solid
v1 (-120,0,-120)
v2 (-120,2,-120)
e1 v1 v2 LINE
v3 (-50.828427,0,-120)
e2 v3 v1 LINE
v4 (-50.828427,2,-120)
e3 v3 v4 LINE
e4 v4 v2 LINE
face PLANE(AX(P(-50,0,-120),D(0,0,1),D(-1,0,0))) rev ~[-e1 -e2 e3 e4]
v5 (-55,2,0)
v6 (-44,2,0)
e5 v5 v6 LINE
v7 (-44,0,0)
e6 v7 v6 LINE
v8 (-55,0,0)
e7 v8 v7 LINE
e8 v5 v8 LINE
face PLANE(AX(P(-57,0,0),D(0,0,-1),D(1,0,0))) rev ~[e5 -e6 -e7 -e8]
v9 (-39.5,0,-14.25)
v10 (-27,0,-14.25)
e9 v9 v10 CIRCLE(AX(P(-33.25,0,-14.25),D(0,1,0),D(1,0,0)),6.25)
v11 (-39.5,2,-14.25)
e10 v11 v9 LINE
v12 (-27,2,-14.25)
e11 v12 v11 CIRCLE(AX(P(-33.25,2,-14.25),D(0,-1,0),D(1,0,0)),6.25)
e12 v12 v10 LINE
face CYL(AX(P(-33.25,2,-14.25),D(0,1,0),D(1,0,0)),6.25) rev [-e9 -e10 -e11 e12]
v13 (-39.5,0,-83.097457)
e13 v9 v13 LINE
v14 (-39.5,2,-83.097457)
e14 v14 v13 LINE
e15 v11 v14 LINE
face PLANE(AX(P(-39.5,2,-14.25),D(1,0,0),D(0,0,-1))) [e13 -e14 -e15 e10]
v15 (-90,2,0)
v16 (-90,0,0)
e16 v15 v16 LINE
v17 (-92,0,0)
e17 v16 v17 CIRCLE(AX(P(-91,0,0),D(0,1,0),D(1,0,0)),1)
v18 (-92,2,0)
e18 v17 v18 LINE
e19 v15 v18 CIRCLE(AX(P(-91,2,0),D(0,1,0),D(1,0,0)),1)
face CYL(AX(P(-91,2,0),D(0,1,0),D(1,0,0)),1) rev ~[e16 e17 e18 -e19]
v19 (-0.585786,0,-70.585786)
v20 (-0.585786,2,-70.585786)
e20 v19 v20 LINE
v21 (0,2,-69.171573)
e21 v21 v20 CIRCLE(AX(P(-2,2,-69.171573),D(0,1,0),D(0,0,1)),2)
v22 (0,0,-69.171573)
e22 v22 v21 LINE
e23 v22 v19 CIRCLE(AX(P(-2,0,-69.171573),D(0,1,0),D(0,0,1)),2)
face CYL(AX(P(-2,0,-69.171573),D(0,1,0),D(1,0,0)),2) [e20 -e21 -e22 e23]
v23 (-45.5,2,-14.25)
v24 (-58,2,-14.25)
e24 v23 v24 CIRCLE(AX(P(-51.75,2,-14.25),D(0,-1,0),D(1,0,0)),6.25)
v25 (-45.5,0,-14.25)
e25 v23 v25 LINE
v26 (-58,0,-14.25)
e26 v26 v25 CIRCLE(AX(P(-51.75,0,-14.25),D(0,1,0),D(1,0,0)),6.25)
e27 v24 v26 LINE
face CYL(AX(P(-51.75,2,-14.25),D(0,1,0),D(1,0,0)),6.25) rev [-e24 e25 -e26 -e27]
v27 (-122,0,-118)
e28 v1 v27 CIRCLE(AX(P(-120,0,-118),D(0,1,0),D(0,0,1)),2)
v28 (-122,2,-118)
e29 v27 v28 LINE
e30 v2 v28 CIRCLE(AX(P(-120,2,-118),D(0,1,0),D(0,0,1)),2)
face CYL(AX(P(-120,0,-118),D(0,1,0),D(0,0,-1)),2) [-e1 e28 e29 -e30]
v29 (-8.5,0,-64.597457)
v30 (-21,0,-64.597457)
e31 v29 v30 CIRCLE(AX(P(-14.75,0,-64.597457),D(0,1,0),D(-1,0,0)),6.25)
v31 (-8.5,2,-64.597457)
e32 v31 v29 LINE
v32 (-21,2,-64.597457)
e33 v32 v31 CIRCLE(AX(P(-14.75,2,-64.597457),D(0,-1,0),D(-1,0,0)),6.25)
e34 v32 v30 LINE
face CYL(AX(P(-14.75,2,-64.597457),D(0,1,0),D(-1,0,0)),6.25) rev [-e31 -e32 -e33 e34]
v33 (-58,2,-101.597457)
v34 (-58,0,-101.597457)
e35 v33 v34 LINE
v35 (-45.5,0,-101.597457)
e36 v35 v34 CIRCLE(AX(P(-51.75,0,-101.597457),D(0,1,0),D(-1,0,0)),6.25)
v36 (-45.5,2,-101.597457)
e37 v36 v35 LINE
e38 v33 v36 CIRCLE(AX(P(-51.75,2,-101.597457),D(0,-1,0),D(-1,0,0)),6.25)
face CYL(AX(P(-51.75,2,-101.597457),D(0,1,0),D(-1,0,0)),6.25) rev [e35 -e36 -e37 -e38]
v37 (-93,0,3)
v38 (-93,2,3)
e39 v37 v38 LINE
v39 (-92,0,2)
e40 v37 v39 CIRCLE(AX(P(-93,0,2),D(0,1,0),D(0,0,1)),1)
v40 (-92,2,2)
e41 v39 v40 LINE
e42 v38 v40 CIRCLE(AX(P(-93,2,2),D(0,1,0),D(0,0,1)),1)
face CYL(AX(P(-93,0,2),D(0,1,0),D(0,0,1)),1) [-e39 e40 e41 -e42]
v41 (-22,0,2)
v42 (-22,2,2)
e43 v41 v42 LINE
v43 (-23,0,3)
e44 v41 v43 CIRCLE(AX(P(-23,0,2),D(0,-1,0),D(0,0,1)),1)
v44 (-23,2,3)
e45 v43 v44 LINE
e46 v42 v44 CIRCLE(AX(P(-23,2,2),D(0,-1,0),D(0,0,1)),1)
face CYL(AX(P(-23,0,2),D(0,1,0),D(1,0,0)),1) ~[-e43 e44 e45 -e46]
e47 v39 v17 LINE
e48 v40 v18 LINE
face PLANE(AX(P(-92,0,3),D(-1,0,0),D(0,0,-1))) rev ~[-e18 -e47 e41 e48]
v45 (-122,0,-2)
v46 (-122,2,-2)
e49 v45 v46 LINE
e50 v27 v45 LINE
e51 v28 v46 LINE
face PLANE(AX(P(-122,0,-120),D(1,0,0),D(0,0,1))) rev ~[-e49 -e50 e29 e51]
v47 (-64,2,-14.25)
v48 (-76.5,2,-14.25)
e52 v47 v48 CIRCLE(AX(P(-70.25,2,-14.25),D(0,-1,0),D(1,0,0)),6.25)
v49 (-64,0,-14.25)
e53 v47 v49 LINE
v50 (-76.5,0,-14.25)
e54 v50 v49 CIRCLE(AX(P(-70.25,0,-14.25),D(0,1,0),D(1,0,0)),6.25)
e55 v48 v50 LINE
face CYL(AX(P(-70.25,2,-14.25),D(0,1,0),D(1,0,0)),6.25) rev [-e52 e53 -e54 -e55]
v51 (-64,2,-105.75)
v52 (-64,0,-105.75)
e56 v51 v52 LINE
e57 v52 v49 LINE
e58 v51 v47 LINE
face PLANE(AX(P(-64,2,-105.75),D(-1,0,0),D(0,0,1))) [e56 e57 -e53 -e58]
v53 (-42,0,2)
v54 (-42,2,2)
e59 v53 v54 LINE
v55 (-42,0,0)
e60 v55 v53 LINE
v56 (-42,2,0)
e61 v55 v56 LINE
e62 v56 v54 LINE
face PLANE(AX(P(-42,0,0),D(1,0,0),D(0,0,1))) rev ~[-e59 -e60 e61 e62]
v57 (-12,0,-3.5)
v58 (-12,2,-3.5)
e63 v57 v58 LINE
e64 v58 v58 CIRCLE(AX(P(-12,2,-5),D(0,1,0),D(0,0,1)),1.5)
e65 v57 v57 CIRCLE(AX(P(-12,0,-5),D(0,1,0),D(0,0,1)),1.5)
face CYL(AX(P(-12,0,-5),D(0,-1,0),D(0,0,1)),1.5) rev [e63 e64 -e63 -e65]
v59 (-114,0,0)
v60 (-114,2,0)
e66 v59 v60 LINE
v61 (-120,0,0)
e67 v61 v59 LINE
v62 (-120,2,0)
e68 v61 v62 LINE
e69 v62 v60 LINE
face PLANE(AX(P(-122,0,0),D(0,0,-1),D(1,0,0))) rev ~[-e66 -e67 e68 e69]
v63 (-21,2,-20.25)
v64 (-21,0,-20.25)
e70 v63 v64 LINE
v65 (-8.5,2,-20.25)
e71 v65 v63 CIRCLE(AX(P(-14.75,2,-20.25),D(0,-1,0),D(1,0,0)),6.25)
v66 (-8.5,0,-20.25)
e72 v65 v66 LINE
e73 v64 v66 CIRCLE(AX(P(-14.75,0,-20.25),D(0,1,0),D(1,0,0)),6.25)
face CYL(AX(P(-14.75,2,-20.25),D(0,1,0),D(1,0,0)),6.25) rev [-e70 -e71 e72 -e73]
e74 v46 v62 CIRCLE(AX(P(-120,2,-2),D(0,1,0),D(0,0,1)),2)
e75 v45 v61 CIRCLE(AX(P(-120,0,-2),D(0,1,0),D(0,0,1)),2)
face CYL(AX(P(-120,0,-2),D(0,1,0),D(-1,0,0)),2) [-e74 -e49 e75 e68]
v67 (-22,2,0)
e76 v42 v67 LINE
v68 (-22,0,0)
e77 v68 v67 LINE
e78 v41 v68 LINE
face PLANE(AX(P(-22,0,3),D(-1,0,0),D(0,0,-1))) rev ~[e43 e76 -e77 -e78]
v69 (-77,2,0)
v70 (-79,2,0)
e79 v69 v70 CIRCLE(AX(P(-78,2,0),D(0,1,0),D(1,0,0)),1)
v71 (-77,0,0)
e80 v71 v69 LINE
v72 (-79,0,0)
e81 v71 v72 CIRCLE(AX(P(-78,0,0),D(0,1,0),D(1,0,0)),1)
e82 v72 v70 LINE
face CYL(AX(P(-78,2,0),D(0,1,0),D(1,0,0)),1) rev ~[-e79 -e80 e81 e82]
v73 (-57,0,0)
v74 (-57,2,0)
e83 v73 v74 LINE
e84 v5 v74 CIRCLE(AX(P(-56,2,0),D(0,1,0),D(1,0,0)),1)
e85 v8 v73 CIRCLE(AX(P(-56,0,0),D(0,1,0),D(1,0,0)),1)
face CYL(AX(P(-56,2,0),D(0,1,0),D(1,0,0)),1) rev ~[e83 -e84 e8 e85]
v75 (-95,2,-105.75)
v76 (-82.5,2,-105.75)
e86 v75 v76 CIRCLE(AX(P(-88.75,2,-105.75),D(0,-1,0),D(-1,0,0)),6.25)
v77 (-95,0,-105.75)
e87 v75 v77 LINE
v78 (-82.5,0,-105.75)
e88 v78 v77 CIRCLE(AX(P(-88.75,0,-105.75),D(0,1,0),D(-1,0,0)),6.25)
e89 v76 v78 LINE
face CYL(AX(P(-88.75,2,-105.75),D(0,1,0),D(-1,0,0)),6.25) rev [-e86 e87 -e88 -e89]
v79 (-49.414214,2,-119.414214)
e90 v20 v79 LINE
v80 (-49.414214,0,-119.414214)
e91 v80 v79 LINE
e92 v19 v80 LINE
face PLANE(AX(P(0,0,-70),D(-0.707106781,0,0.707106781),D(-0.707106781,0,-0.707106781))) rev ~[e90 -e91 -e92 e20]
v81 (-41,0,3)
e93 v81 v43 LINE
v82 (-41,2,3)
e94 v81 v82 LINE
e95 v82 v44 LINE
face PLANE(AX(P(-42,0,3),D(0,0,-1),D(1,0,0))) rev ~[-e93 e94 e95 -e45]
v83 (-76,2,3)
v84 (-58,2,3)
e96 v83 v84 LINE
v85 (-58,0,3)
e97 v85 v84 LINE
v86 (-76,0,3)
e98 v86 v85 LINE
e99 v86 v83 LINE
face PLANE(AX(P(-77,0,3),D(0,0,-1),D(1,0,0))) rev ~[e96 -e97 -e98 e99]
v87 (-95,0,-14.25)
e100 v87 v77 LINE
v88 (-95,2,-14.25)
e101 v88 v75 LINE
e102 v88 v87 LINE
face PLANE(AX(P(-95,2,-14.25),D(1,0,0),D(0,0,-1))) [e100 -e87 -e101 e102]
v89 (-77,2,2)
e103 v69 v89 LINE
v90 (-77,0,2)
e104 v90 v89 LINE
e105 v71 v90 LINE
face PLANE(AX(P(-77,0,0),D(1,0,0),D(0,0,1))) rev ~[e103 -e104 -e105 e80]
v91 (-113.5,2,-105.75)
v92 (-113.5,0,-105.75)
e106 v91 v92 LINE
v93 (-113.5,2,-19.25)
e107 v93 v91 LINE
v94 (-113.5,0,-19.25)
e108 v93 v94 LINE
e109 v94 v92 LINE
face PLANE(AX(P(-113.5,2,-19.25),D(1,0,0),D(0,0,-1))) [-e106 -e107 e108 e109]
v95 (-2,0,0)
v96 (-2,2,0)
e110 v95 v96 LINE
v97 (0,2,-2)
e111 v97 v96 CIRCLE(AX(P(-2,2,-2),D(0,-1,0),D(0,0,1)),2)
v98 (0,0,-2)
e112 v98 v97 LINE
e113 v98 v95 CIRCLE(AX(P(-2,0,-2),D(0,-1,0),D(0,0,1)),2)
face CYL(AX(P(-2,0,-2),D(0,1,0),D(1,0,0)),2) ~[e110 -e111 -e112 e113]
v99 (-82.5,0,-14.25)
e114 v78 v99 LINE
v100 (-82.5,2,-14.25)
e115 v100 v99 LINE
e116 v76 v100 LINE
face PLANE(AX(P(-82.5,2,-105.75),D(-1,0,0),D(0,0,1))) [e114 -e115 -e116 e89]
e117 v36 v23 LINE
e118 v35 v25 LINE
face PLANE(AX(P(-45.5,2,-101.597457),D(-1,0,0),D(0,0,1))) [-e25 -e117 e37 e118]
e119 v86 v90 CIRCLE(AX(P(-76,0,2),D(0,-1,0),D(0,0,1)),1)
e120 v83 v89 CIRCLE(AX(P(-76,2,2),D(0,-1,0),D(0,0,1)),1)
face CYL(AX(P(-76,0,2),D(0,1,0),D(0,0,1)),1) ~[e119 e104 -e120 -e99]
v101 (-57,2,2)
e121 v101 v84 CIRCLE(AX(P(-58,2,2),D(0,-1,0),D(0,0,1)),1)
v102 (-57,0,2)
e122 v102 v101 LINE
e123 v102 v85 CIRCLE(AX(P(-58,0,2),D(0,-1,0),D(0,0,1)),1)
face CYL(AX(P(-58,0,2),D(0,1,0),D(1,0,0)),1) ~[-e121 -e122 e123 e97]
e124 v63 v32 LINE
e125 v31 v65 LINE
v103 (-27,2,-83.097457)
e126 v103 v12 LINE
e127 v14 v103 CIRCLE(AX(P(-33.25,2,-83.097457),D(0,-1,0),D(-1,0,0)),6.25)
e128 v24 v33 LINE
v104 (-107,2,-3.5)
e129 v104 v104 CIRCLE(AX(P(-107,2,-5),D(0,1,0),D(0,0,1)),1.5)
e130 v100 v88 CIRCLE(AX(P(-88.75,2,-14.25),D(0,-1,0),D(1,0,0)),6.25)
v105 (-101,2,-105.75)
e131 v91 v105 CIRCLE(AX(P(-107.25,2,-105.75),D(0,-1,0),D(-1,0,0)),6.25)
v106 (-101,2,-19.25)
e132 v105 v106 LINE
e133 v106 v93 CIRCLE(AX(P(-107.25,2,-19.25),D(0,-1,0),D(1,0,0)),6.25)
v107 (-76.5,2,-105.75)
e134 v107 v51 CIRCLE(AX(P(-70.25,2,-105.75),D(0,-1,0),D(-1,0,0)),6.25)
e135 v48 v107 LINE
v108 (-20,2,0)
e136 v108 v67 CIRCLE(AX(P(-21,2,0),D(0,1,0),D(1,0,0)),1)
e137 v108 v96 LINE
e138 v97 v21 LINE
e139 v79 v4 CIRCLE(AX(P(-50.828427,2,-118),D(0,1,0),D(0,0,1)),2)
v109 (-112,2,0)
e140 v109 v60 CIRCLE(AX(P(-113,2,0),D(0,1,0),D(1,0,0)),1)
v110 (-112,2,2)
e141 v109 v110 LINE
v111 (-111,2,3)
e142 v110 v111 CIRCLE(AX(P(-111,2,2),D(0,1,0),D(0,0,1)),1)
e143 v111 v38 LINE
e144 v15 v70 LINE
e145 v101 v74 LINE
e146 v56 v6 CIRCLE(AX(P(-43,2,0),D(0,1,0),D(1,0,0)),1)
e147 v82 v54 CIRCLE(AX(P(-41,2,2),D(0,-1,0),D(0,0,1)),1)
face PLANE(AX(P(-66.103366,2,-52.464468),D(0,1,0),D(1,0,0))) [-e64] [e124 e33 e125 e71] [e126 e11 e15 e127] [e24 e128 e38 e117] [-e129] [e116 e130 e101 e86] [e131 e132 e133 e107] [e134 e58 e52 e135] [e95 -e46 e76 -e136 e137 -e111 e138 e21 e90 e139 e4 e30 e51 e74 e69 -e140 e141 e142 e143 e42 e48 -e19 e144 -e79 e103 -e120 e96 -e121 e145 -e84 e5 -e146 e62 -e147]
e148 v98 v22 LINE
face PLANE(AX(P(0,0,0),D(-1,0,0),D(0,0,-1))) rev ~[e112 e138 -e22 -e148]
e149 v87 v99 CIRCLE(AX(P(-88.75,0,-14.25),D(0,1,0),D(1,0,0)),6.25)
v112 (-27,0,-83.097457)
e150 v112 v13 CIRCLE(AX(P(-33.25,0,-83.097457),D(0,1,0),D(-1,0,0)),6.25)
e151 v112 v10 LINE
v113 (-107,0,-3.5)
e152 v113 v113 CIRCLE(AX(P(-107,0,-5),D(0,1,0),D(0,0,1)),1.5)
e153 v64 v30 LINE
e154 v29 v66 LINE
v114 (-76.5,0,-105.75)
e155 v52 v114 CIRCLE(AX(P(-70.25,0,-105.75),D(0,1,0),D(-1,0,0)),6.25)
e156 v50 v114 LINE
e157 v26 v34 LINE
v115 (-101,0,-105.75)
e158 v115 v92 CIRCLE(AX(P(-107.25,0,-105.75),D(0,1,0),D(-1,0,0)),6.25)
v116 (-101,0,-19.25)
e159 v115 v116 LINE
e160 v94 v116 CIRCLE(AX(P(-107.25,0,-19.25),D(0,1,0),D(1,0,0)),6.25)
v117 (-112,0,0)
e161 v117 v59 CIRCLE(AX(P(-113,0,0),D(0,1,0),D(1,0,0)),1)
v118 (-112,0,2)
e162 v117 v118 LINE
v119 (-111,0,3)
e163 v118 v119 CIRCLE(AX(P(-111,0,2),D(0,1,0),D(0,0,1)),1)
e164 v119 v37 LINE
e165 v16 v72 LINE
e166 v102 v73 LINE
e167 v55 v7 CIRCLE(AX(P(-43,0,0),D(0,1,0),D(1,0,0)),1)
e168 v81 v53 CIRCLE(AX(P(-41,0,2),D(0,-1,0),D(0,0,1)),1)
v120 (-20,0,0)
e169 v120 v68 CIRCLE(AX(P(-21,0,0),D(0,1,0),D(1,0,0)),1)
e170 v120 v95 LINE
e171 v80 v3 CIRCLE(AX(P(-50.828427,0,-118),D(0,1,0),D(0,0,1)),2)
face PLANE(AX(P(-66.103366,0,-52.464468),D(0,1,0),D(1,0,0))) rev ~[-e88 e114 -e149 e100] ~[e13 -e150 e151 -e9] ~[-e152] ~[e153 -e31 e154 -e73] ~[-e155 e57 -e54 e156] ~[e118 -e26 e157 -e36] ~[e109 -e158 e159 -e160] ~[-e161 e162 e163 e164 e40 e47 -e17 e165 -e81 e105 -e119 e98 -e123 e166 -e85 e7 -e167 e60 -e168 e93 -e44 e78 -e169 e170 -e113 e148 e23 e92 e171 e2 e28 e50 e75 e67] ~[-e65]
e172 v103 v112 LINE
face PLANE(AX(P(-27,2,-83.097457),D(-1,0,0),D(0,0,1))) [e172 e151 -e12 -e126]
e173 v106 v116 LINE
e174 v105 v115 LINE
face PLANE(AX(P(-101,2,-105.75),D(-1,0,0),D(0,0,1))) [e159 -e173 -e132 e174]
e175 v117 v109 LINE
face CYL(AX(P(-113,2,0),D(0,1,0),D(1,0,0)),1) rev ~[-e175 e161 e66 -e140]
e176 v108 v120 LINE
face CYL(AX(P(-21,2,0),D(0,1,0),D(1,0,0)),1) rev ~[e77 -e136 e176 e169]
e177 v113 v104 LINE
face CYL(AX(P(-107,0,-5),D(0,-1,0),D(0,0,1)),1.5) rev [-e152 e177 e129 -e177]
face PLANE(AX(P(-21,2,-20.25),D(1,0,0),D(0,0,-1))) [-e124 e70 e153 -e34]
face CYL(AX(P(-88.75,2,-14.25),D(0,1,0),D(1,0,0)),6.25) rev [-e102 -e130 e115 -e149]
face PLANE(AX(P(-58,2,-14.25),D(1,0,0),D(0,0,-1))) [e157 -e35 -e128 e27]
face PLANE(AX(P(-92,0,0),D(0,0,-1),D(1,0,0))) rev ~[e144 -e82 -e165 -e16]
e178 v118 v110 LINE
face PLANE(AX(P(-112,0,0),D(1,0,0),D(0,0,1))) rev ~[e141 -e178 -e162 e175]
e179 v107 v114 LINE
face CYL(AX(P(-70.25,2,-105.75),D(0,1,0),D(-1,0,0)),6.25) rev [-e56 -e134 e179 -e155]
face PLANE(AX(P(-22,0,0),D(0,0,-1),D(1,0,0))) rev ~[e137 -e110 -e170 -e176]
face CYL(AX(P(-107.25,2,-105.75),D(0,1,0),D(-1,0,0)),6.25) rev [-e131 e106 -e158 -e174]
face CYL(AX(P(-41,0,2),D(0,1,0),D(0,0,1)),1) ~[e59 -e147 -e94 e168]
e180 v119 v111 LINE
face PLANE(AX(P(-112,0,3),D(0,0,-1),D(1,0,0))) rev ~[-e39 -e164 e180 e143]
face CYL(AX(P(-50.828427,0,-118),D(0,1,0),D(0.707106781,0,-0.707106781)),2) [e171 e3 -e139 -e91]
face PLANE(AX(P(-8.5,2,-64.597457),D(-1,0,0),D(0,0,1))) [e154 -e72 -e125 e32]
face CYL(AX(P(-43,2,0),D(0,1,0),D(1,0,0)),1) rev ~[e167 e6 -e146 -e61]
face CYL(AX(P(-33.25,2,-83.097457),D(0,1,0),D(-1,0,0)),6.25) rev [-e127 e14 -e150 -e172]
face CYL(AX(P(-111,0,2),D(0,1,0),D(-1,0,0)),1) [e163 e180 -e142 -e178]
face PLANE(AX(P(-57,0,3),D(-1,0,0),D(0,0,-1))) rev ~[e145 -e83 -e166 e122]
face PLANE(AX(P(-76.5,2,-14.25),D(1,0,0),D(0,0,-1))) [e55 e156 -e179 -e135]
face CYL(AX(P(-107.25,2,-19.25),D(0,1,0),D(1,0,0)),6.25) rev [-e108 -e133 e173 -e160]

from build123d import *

# Parameters (mm, degrees)
SKETCH_1_R          = 1.5
EXTRUDE_1_DEPTH     = 2
SKETCH_2_R          = 1
CUT_EXTRUDE_1_DEPTH = 172.137371722
CUT_EXTRUDE_2_DEPTH = 172.137371722
FILLET_1_R          = 2
FILLET_2_R          = 1


with BuildPart() as part:
    # 草图1 → 凸台-拉伸1 (new body)
    with BuildSketch(Plane(origin=(0, 0, 0), x_dir=(1, 0, 0), z_dir=(0, 1, 0))):
        Polygon((0, 0), (0, 70), (-50, 120), (-122, 120), (-122, 0), (-112, 0), (-112, -3), (-92, -3), (-92, 0), (-77, 0), (-77, -3), (-57, -3), (-57, 0), (-42, 0), (-42, -3), (-22, -3), (-22, 0), align=None)
        with Locations(Location((-12, 5, 0), (0, 0, 270))):
            Circle(SKETCH_1_R, mode=Mode.SUBTRACT)
        with Locations(Location((-107, 5, 0), (0, 0, 270))):
            Circle(SKETCH_1_R, mode=Mode.SUBTRACT)
    extrude(amount=EXTRUDE_1_DEPTH)

    # 草图2 → 切除-拉伸1 (cut, through all)
    with BuildSketch(Plane(origin=(0, 2, 0), x_dir=(1, 0, 0), z_dir=(0, 1, 0))):
        with Locations((-113, 0)):
            Circle(SKETCH_2_R)
        with Locations((-91, 0)):
            Circle(SKETCH_2_R)
        with Locations((-78, 0)):
            Circle(SKETCH_2_R)
        with Locations((-56, 0)):
            Circle(SKETCH_2_R)
        with Locations((-43, 0)):
            Circle(SKETCH_2_R)
        with Locations((-21, 0)):
            Circle(SKETCH_2_R)
    extrude(amount=-CUT_EXTRUDE_1_DEPTH, mode=Mode.SUBTRACT)

    # 草图3 → 切除-拉伸2 (cut, through all)
    with BuildSketch(Plane(origin=(0, 2, 0), x_dir=(1, 0, 0), z_dir=(0, 1, 0))):
        with BuildLine():
            Line((-101, 105.75), (-101, 19.25))
            ThreePointArc((-101, 19.25), (-107.25, 13), (-113.5, 19.25))
            Line((-113.5, 19.25), (-113.5, 105.75))
            ThreePointArc((-113.5, 105.75), (-107.25, 112), (-101, 105.75))
        make_face()
        with BuildLine():
            Line((-82.5, 105.75), (-82.5, 14.25))
            ThreePointArc((-82.5, 14.25), (-88.75, 8), (-95, 14.25))
            Line((-95, 14.25), (-95, 105.75))
            ThreePointArc((-95, 105.75), (-88.75, 112), (-82.5, 105.75))
        make_face()
        with BuildLine():
            Line((-64, 105.75), (-64, 14.25))
            ThreePointArc((-64, 14.25), (-70.25, 8), (-76.5, 14.25))
            Line((-76.5, 14.25), (-76.5, 105.75))
            ThreePointArc((-76.5, 105.75), (-70.25, 112), (-64, 105.75))
        make_face()
        with BuildLine():
            Line((-45.5, 101.597456736), (-45.5, 14.25))
            ThreePointArc((-45.5, 14.25), (-51.75, 8), (-58, 14.25))
            Line((-58, 14.25), (-58, 101.597456736))
            ThreePointArc((-58, 101.597456736), (-51.75, 107.847456736), (-45.5, 101.597456736))
        make_face()
        with BuildLine():
            Line((-27, 83.097456736), (-27, 14.25))
            ThreePointArc((-27, 14.25), (-33.25, 8), (-39.5, 14.25))
            Line((-39.5, 14.25), (-39.5, 83.097456736))
            ThreePointArc((-39.5, 83.097456736), (-33.25, 89.347456736), (-27, 83.097456736))
        make_face()
        with BuildLine():
            Line((-8.5, 64.597456736), (-8.5, 20.25))
            ThreePointArc((-8.5, 20.25), (-14.75, 14), (-21, 20.25))
            Line((-21, 20.25), (-21, 64.597456736))
            ThreePointArc((-21, 64.597456736), (-14.75, 70.847456736), (-8.5, 64.597456736))
        make_face()
    extrude(amount=-CUT_EXTRUDE_2_DEPTH, mode=Mode.SUBTRACT)

    # 圆角1
    fillet_1_edges = [part.edges().sort_by_distance(p)[0] for p in [
        (-122, 1, 0),
        (-122, 1, -120),
        (-50, 1, -120),
        (0, 1, -70),
        (0, 1, 0),
    ]]
    fillet(fillet_1_edges, radius=FILLET_1_R)

    # 圆角2
    fillet_2_edges = [part.edges().sort_by_distance(p)[0] for p in [
        (-22, 1, 3),
        (-42, 1, 3),
        (-57, 1, 3),
        (-77, 1, 3),
        (-92, 1, 3),
        (-112, 1, 3),
    ]]
    fillet(fillet_2_edges, radius=FILLET_2_R)


solid = part.part
